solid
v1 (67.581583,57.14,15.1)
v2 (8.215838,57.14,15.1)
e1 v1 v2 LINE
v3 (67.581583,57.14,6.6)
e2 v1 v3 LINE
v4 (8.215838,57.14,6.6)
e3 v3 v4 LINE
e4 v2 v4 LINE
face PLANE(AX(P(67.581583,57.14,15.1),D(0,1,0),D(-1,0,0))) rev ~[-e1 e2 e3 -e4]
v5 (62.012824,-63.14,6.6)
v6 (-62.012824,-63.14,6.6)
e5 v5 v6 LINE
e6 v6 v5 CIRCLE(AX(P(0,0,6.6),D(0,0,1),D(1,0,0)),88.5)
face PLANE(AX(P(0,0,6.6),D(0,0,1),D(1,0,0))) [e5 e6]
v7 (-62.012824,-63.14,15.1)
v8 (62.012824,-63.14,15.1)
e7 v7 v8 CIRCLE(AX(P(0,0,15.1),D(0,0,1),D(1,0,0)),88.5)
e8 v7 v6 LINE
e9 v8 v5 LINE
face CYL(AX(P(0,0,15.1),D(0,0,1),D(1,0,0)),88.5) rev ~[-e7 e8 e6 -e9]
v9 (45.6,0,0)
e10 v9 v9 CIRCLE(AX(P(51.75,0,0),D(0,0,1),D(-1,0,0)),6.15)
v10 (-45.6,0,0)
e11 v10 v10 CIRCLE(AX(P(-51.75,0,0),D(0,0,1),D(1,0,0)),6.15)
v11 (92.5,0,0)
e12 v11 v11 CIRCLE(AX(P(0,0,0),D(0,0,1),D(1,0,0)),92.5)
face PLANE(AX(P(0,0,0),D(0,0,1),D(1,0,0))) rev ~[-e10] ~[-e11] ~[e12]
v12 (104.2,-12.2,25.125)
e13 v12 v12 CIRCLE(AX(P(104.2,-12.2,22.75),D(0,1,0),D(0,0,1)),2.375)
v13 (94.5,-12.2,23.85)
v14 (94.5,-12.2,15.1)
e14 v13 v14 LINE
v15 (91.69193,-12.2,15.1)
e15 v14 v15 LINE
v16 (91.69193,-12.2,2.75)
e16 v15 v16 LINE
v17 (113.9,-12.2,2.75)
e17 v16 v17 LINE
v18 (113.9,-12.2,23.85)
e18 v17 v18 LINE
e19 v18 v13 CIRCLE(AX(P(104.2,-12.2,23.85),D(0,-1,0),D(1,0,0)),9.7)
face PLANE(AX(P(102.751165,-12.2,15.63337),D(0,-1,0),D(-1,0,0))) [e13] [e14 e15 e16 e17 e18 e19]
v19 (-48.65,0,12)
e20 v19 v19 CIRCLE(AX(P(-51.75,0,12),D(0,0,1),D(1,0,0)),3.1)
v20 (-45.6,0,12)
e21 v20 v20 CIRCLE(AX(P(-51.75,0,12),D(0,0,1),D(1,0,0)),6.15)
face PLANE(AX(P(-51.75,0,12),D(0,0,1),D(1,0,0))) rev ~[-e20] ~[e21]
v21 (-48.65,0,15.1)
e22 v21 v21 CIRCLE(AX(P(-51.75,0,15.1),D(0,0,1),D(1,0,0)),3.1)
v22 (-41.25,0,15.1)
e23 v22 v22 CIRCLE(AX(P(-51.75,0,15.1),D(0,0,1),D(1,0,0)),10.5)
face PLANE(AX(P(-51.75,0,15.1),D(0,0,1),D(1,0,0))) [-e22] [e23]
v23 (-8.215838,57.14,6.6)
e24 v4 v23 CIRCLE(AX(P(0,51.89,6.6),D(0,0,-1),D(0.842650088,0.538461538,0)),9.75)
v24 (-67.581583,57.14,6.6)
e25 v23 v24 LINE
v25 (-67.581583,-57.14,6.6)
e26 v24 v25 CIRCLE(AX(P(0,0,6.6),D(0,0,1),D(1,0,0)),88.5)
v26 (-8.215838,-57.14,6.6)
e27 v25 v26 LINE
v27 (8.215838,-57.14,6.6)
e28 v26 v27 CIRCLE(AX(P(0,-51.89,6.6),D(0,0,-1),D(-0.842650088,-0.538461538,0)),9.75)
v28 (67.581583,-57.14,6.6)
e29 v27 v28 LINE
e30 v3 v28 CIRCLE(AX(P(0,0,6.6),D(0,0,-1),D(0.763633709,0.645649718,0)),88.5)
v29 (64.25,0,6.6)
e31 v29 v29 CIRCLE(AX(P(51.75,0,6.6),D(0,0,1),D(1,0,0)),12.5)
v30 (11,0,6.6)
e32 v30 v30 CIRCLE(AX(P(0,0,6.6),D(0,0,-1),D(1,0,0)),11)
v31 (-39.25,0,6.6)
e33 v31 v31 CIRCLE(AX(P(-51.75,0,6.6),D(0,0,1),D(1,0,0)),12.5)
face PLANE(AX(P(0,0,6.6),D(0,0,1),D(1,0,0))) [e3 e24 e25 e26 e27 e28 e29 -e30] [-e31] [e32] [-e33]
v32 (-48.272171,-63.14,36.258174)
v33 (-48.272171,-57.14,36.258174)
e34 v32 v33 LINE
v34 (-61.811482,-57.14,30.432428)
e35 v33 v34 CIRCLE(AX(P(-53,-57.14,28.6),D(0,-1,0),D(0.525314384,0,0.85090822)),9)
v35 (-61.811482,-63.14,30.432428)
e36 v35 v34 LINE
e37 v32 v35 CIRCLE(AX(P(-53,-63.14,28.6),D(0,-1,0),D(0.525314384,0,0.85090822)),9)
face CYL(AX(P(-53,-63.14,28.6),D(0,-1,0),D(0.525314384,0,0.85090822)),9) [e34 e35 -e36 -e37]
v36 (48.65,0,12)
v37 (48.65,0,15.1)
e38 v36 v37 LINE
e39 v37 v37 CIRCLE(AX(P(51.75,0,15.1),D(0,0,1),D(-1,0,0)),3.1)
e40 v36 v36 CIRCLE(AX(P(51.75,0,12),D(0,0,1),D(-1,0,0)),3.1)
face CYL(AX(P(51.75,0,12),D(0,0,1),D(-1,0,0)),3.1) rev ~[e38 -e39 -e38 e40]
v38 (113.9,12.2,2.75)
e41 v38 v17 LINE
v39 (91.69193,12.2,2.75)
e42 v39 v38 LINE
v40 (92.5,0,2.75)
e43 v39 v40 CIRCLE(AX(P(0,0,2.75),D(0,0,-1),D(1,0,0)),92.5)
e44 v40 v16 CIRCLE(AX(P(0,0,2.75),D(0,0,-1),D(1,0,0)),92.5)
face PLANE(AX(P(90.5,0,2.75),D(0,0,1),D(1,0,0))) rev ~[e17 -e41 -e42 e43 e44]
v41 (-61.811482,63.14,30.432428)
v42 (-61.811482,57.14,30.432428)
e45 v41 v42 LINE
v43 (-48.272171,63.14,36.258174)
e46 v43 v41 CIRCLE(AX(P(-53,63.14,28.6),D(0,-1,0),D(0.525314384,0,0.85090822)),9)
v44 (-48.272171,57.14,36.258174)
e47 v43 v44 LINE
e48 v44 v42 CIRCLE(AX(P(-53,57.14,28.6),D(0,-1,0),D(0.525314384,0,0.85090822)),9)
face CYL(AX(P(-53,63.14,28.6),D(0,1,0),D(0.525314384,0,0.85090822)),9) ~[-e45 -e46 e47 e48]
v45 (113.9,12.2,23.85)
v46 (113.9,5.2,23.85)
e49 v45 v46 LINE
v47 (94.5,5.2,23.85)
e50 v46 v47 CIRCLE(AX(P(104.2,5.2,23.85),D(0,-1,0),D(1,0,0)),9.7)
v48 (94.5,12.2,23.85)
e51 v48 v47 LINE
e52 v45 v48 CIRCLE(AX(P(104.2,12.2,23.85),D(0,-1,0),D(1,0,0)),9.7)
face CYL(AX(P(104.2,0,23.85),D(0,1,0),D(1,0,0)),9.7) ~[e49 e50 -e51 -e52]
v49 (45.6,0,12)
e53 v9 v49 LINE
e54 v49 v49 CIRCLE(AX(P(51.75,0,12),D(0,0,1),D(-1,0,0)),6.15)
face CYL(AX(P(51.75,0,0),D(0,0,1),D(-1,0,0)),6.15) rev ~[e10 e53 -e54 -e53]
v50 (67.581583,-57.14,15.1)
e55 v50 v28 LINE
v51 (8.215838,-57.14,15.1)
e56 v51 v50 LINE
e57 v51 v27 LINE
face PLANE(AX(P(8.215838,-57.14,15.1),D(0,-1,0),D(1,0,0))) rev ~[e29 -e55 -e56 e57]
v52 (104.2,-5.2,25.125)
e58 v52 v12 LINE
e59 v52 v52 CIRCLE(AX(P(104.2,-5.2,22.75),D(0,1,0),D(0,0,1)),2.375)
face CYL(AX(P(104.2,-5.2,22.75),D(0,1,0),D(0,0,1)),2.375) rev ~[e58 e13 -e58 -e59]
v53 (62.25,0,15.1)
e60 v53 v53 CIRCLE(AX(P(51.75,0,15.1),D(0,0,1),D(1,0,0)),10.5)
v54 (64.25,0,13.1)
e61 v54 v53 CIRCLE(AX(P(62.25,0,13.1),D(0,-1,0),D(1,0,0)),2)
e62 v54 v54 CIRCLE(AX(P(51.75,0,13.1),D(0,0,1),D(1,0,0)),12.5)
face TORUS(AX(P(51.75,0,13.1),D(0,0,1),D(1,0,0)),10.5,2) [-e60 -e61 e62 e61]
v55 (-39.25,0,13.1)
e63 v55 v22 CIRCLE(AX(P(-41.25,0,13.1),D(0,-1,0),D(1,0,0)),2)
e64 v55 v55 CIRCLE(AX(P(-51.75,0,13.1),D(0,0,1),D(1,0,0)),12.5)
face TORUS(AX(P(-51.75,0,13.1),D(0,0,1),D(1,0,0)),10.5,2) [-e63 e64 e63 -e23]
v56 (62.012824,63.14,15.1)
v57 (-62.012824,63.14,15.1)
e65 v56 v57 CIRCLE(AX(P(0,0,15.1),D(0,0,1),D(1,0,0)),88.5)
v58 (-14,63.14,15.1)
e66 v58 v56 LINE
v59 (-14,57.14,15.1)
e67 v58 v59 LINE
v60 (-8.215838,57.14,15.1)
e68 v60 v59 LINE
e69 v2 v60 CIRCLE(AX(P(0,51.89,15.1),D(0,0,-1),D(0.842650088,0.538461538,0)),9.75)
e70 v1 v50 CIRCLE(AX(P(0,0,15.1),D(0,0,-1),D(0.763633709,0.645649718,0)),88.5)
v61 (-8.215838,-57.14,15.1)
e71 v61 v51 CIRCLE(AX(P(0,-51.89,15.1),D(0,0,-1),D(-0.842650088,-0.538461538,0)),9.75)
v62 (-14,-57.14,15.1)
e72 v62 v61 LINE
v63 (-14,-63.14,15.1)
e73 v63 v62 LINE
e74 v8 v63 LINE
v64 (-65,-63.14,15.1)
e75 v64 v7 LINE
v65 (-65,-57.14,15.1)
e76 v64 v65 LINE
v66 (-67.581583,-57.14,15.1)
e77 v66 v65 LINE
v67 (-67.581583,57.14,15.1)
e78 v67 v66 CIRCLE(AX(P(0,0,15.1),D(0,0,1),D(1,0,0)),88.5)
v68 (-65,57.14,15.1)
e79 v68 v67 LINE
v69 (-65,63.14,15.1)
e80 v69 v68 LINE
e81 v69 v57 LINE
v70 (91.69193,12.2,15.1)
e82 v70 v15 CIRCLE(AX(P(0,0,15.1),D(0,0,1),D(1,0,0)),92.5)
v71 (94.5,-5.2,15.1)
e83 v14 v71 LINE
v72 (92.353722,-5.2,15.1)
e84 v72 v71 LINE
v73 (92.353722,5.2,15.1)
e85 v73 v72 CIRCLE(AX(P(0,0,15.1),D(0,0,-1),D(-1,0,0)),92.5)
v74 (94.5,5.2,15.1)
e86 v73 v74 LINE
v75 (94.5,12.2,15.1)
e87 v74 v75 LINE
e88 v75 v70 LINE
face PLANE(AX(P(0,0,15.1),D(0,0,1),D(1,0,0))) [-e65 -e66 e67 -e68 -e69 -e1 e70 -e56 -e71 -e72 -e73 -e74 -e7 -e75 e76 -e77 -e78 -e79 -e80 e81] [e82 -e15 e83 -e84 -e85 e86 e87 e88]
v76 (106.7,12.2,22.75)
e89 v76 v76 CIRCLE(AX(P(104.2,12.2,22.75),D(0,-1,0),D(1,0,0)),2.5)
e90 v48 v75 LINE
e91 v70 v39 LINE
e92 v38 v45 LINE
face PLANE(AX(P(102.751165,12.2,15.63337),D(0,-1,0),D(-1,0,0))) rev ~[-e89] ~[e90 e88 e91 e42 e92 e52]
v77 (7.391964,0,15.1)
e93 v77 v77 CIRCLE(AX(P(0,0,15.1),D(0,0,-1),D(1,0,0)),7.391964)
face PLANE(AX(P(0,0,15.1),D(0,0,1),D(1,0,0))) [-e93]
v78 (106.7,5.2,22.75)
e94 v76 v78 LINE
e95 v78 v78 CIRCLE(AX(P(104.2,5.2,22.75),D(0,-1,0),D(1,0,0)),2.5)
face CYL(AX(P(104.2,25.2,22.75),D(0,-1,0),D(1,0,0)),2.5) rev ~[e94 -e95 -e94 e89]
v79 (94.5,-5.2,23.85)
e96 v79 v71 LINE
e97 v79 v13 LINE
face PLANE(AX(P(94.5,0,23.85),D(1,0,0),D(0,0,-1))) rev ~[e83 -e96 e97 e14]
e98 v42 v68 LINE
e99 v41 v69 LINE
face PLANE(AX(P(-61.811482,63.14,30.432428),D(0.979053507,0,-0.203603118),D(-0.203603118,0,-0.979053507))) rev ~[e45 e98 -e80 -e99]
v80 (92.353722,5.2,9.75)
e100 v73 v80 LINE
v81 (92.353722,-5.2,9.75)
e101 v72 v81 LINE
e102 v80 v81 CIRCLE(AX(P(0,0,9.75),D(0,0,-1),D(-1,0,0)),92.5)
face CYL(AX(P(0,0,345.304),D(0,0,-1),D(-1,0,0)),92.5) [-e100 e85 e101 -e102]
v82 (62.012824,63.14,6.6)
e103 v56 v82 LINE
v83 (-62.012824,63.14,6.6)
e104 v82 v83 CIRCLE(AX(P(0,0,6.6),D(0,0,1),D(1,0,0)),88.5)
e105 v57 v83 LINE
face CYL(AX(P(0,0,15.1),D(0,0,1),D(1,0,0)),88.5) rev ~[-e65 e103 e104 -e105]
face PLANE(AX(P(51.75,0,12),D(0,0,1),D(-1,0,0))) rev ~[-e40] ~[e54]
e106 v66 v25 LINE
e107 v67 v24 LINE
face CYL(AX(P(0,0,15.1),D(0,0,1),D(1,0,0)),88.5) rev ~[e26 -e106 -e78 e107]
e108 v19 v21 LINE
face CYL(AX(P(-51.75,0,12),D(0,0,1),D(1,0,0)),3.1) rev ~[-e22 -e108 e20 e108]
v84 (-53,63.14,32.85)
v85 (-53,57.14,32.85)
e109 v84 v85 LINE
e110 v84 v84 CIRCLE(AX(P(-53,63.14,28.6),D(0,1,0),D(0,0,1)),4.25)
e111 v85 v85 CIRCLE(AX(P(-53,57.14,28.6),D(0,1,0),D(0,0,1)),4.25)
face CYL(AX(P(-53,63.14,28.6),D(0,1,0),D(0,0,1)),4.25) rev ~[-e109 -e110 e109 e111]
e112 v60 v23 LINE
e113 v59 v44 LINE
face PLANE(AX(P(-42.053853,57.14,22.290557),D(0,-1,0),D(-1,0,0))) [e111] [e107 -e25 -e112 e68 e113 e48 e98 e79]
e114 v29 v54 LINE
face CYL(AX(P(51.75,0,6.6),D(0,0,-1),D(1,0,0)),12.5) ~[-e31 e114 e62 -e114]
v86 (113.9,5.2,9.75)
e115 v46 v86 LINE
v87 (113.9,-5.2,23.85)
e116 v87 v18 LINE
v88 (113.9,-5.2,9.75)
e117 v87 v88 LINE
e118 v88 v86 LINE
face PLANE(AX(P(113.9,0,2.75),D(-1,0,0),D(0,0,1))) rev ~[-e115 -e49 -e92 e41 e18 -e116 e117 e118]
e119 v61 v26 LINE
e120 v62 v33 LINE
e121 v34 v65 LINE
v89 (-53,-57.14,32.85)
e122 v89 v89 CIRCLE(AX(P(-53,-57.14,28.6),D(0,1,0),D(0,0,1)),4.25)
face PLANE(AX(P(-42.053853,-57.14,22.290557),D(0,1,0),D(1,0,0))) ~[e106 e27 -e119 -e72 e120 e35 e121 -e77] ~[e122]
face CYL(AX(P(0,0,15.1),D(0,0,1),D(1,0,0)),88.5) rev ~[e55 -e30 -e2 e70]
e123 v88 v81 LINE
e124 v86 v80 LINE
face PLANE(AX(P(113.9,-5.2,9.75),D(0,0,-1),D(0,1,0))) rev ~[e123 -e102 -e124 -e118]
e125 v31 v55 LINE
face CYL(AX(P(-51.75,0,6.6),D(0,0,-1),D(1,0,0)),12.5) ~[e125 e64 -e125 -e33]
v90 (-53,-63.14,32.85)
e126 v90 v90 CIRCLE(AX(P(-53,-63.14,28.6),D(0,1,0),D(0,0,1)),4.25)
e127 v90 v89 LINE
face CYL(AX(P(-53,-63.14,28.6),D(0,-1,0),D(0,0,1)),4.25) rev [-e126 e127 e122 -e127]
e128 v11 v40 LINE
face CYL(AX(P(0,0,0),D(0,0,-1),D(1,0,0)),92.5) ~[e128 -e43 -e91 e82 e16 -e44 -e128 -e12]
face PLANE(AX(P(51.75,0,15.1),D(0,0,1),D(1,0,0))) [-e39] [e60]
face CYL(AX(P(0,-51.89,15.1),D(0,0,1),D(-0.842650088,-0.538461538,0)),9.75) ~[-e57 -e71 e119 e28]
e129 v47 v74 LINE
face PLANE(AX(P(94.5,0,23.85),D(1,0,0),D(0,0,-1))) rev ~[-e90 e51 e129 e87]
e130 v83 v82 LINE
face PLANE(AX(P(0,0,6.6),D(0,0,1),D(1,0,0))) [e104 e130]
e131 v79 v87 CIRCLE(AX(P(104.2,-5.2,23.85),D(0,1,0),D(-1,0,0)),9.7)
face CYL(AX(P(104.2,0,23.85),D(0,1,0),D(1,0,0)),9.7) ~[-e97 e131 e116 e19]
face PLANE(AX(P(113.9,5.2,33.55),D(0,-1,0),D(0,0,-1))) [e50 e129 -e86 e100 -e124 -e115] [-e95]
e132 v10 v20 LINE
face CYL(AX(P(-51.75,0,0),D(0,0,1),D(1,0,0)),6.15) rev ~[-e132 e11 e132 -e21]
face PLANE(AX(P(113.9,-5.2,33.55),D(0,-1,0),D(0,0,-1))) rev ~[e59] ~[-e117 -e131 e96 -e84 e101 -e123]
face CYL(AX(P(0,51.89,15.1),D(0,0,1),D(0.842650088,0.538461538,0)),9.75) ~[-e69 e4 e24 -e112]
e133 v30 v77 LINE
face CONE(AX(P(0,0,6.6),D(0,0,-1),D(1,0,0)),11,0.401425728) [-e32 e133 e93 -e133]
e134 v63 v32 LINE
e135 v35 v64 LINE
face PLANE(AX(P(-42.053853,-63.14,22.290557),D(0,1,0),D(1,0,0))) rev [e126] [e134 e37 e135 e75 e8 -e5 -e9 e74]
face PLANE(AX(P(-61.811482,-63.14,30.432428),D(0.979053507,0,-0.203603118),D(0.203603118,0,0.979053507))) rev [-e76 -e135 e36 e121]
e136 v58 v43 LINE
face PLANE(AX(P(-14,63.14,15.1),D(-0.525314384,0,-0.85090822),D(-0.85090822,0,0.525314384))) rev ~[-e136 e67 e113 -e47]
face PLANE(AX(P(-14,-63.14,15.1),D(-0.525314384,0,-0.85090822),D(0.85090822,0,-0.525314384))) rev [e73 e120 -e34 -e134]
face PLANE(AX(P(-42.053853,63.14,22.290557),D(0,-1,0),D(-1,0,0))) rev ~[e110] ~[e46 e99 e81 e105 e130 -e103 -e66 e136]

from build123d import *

# Parameters (mm, degrees)
ESQUISSE1_R                  = 92.5
BOSS_EXTRU_1_DEPTH           = 15.1
ESQUISSE2_R                  = 88.5
ENL_V_MAT_EXTRU_1_DEPTH      = 8.5
BOSS_EXTRU_2_DEPTH           = 8.5
ESQUISSE4_R                  = 11
BOSS_EXTRU_3_DEPTH           = 8.5
BOSS_EXTRU_3_TAPER           = 23
BOSS_EXTRU_4_DEPTH           = 12.2
ENL_V_MAT_EXTRU_2_REACH      = 230.654
ENL_V_MAT_EXTRU_2_END_RADIUS = 92.5
ESQUISSE6_W                  = 23.8
ESQUISSE6_H                  = 10.4
TROU_TARAUD_M61_D            = 5
TROU_TARAUD_M61_DEPTH        = 13
TROU_TARAUD_M61_TIP          = 1.502151548
ESQUISSE9_R                  = 2.375
ENL_V_MAT_EXTRU_3_DEPTH      = 154.76638937
ESQUISSE10_R                 = 4.25
BOSS_EXTRU_5_DEPTH           = 6
ESQUISSE11_R                 = 12.5
BOSS_EXTRU_6_DEPTH           = 8.5
CONG_1_R                     = 2
R_P_TITION_CIRCULAIRE1_COUNT = 2


with BuildPart() as part:
    # Esquisse1 → Boss.-Extru.1 (new body)
    with BuildSketch(Plane.XY):
        Circle(ESQUISSE1_R)
    extrude(amount=BOSS_EXTRU_1_DEPTH)

    # Esquisse2 → Enlèv. mat.-Extru.1 (cut)
    with BuildSketch(Plane.XY.offset(15.1)):
        Circle(ESQUISSE2_R)
    extrude(amount=-ENL_V_MAT_EXTRU_1_DEPTH, mode=Mode.SUBTRACT)

    # Esquisse3 → Boss.-Extru.2 (add)
    with BuildSketch(Plane.XY.offset(15.1)):
        with BuildLine():
            Line((-62.01282448, 63.14), (62.01282448, 63.14))
            ThreePointArc((62.01282448, 63.14), (64.86661415, 60.204421504), (67.58158329, 57.14))
            Line((67.58158329, 57.14), (8.215838363, 57.14))
            ThreePointArc((8.215838363, 57.14), (0, 42.14), (-8.215838363, 57.14))
            Line((-8.215838363, 57.14), (-67.58158329, 57.14))
            ThreePointArc((-67.58158329, 57.14), (-64.86661415, 60.204421504), (-62.01282448, 63.14))
        make_face()
        with BuildLine():
            Line((-67.58158329, -57.14), (-8.215838363, -57.14))
            ThreePointArc((-8.215838363, -57.14), (0, -42.14), (8.215838363, -57.14))
            Line((8.215838363, -57.14), (67.58158329, -57.14))
            ThreePointArc((67.58158329, -57.14), (64.86661415, -60.204421504), (62.01282448, -63.14))
            Line((62.01282448, -63.14), (-62.01282448, -63.14))
            ThreePointArc((-62.01282448, -63.14), (-64.86661415, -60.204421504), (-67.58158329, -57.14))
        make_face()
    extrude(amount=-BOSS_EXTRU_2_DEPTH)

    # Esquisse4 → Boss.-Extru.3 (add)
    with BuildSketch(Plane.XY.offset(6.6)):
        Circle(ESQUISSE4_R)
    extrude(amount=BOSS_EXTRU_3_DEPTH, taper=BOSS_EXTRU_3_TAPER)

    # Esquisse5 → Boss.-Extru.4 (add, symmetric)
    with BuildSketch(Plane(origin=(0, 0, 0), x_dir=(1, 0, 0), z_dir=(0, 1, 0))):
        with BuildLine():
            Line((90.5, -2.75), (113.9, -2.75))
            Line((113.9, -2.75), (113.9, -23.85))
            ThreePointArc((113.9, -23.85), (104.2, -33.55), (94.5, -23.85))
            Line((94.5, -23.85), (94.5, -15.1))
            Line((94.5, -15.1), (90.5, -15.1))
            Line((90.5, -15.1), (90.5, -2.75))
        make_face()
    extrude(amount=BOSS_EXTRU_4_DEPTH, both=True)

    # Enlèv. mat.-Extru.2: up to this cylinder (the profile starts outside it)
    enl_v_mat_extru_2_end = Plane(origin=(0, 0, 21.65), z_dir=(0, 0, -1)) * Cylinder(ENL_V_MAT_EXTRU_2_END_RADIUS, 647.308, mode=Mode.PRIVATE)
    # Esquisse6 → Enlèv. mat.-Extru.2 (cut, up to the surface)
    with BuildSketch(Plane(origin=(113.9, 0, 0), x_dir=(0, 0, -1), z_dir=(1, 0, 0)), mode=Mode.PRIVATE) as enl_v_mat_extru_2_sk1:
        with Locations((-21.65, 0)):
            Rectangle(ESQUISSE6_W, ESQUISSE6_H)
    enl_v_mat_extru_2_tool1 = extrude(enl_v_mat_extru_2_sk1.sketch, amount=-ENL_V_MAT_EXTRU_2_REACH, mode=Mode.PRIVATE) - enl_v_mat_extru_2_end
    add(enl_v_mat_extru_2_tool1.solids().sort_by_distance((113.9, 0, 21.65))[0], mode=Mode.SUBTRACT)

    # Trou taraudé M61
    with Locations(Plane(origin=(0, 12.2, 0), x_dir=(-1, 0, 0), z_dir=(0, 1, 0))):
        with Locations((-104.2, 22.75)):
            Hole(TROU_TARAUD_M61_D / 2, depth=TROU_TARAUD_M61_DEPTH)
            with Locations((0, 0, -(TROU_TARAUD_M61_DEPTH + TROU_TARAUD_M61_TIP / 2))):  # 118° drill point
                Cone(0, TROU_TARAUD_M61_D / 2, TROU_TARAUD_M61_TIP, mode=Mode.SUBTRACT)

    # Esquisse9 → Enlèv. mat.-Extru.3 (cut, through all)
    with BuildSketch(Plane(origin=(0, -5.2, 0), x_dir=(1, 0, 0), z_dir=(0, 1, 0))):
        with Locations(Location((104.2, -22.75, 0), (0, 0, 270))):
            Circle(ESQUISSE9_R)
    extrude(amount=-ENL_V_MAT_EXTRU_3_DEPTH, mode=Mode.SUBTRACT)

    # Esquisse10 → Boss.-Extru.5 (add)
    with BuildSketch(Plane(origin=(0, 63.14, 0), x_dir=(1, 0, 0), z_dir=(0, 1, 0))):
        with BuildLine():
            Line((-14, -15.1), (-48.272170546, -36.258173977))
            ThreePointArc((-48.272170546, -36.258173977), (-56.557229613, -36.867171069), (-61.811481567, -30.43242806))
            Line((-61.811481567, -30.43242806), (-65, -15.1))
            Line((-65, -15.1), (-14, -15.1))
        make_face()
        with Locations(Location((-53, -28.6, 0), (0, 0, 270))):
            Circle(ESQUISSE10_R, mode=Mode.SUBTRACT)
    boss_extru_5 = extrude(amount=-BOSS_EXTRU_5_DEPTH)

    # Symétrie1: Boss.-Extru.5 across plane
    add(boss_extru_5.mirror(Plane.ZX))

    # Esquisse11 → Boss.-Extru.6 (add)
    with BuildSketch(Plane.XY.offset(6.6)):
        with Locations((-51.75, 0)):
            Circle(ESQUISSE11_R)
        with Locations((51.75, 0)):
            Circle(ESQUISSE11_R)
    extrude(amount=BOSS_EXTRU_6_DEPTH)

    # Congé1
    cong_1_edges = [part.edges().sort_by_distance(p)[0] for p in [
        (-64.25, 0, 15.1),
        (39.25, 0, 15.1),
    ]]
    fillet(cong_1_edges, radius=CONG_1_R)

    # Esquisse12 → Enlèvement de matière-Révolution1 (revolve, cut)
    with BuildSketch(Plane(origin=(0, 0, 0), x_dir=(1, 0, 0), z_dir=(0, 1, 0)), mode=Mode.PRIVATE) as enl_vement_de_mati_re_r_volution1_sk:
        Polygon((57.9, 0), (57.9, -12), (54.85, -12), (54.85, -15.1), (51.75, -15.1), (51.75, 0), align=None)
    enl_vement_de_mati_re_r_volution1 = revolve(enl_vement_de_mati_re_r_volution1_sk.sketch.rotate(Axis((51.75, 0, -5.611731472), (0, 0, 1)), 180), axis=Axis((51.75, 0, -5.611731472), (0, 0, 1)), mode=Mode.SUBTRACT)

    # Répétition circulaire1: Enlèvement de matière-Révolution1 ×2 about axis
    r_p_tition_circulaire1_axis = Axis((0, 0, 0), (0, 0, 1))
    for i in range(1, R_P_TITION_CIRCULAIRE1_COUNT):
        add(enl_vement_de_mati_re_r_volution1.rotate(r_p_tition_circulaire1_axis, i * 360 / R_P_TITION_CIRCULAIRE1_COUNT), mode=Mode.SUBTRACT)


solid = part.part
